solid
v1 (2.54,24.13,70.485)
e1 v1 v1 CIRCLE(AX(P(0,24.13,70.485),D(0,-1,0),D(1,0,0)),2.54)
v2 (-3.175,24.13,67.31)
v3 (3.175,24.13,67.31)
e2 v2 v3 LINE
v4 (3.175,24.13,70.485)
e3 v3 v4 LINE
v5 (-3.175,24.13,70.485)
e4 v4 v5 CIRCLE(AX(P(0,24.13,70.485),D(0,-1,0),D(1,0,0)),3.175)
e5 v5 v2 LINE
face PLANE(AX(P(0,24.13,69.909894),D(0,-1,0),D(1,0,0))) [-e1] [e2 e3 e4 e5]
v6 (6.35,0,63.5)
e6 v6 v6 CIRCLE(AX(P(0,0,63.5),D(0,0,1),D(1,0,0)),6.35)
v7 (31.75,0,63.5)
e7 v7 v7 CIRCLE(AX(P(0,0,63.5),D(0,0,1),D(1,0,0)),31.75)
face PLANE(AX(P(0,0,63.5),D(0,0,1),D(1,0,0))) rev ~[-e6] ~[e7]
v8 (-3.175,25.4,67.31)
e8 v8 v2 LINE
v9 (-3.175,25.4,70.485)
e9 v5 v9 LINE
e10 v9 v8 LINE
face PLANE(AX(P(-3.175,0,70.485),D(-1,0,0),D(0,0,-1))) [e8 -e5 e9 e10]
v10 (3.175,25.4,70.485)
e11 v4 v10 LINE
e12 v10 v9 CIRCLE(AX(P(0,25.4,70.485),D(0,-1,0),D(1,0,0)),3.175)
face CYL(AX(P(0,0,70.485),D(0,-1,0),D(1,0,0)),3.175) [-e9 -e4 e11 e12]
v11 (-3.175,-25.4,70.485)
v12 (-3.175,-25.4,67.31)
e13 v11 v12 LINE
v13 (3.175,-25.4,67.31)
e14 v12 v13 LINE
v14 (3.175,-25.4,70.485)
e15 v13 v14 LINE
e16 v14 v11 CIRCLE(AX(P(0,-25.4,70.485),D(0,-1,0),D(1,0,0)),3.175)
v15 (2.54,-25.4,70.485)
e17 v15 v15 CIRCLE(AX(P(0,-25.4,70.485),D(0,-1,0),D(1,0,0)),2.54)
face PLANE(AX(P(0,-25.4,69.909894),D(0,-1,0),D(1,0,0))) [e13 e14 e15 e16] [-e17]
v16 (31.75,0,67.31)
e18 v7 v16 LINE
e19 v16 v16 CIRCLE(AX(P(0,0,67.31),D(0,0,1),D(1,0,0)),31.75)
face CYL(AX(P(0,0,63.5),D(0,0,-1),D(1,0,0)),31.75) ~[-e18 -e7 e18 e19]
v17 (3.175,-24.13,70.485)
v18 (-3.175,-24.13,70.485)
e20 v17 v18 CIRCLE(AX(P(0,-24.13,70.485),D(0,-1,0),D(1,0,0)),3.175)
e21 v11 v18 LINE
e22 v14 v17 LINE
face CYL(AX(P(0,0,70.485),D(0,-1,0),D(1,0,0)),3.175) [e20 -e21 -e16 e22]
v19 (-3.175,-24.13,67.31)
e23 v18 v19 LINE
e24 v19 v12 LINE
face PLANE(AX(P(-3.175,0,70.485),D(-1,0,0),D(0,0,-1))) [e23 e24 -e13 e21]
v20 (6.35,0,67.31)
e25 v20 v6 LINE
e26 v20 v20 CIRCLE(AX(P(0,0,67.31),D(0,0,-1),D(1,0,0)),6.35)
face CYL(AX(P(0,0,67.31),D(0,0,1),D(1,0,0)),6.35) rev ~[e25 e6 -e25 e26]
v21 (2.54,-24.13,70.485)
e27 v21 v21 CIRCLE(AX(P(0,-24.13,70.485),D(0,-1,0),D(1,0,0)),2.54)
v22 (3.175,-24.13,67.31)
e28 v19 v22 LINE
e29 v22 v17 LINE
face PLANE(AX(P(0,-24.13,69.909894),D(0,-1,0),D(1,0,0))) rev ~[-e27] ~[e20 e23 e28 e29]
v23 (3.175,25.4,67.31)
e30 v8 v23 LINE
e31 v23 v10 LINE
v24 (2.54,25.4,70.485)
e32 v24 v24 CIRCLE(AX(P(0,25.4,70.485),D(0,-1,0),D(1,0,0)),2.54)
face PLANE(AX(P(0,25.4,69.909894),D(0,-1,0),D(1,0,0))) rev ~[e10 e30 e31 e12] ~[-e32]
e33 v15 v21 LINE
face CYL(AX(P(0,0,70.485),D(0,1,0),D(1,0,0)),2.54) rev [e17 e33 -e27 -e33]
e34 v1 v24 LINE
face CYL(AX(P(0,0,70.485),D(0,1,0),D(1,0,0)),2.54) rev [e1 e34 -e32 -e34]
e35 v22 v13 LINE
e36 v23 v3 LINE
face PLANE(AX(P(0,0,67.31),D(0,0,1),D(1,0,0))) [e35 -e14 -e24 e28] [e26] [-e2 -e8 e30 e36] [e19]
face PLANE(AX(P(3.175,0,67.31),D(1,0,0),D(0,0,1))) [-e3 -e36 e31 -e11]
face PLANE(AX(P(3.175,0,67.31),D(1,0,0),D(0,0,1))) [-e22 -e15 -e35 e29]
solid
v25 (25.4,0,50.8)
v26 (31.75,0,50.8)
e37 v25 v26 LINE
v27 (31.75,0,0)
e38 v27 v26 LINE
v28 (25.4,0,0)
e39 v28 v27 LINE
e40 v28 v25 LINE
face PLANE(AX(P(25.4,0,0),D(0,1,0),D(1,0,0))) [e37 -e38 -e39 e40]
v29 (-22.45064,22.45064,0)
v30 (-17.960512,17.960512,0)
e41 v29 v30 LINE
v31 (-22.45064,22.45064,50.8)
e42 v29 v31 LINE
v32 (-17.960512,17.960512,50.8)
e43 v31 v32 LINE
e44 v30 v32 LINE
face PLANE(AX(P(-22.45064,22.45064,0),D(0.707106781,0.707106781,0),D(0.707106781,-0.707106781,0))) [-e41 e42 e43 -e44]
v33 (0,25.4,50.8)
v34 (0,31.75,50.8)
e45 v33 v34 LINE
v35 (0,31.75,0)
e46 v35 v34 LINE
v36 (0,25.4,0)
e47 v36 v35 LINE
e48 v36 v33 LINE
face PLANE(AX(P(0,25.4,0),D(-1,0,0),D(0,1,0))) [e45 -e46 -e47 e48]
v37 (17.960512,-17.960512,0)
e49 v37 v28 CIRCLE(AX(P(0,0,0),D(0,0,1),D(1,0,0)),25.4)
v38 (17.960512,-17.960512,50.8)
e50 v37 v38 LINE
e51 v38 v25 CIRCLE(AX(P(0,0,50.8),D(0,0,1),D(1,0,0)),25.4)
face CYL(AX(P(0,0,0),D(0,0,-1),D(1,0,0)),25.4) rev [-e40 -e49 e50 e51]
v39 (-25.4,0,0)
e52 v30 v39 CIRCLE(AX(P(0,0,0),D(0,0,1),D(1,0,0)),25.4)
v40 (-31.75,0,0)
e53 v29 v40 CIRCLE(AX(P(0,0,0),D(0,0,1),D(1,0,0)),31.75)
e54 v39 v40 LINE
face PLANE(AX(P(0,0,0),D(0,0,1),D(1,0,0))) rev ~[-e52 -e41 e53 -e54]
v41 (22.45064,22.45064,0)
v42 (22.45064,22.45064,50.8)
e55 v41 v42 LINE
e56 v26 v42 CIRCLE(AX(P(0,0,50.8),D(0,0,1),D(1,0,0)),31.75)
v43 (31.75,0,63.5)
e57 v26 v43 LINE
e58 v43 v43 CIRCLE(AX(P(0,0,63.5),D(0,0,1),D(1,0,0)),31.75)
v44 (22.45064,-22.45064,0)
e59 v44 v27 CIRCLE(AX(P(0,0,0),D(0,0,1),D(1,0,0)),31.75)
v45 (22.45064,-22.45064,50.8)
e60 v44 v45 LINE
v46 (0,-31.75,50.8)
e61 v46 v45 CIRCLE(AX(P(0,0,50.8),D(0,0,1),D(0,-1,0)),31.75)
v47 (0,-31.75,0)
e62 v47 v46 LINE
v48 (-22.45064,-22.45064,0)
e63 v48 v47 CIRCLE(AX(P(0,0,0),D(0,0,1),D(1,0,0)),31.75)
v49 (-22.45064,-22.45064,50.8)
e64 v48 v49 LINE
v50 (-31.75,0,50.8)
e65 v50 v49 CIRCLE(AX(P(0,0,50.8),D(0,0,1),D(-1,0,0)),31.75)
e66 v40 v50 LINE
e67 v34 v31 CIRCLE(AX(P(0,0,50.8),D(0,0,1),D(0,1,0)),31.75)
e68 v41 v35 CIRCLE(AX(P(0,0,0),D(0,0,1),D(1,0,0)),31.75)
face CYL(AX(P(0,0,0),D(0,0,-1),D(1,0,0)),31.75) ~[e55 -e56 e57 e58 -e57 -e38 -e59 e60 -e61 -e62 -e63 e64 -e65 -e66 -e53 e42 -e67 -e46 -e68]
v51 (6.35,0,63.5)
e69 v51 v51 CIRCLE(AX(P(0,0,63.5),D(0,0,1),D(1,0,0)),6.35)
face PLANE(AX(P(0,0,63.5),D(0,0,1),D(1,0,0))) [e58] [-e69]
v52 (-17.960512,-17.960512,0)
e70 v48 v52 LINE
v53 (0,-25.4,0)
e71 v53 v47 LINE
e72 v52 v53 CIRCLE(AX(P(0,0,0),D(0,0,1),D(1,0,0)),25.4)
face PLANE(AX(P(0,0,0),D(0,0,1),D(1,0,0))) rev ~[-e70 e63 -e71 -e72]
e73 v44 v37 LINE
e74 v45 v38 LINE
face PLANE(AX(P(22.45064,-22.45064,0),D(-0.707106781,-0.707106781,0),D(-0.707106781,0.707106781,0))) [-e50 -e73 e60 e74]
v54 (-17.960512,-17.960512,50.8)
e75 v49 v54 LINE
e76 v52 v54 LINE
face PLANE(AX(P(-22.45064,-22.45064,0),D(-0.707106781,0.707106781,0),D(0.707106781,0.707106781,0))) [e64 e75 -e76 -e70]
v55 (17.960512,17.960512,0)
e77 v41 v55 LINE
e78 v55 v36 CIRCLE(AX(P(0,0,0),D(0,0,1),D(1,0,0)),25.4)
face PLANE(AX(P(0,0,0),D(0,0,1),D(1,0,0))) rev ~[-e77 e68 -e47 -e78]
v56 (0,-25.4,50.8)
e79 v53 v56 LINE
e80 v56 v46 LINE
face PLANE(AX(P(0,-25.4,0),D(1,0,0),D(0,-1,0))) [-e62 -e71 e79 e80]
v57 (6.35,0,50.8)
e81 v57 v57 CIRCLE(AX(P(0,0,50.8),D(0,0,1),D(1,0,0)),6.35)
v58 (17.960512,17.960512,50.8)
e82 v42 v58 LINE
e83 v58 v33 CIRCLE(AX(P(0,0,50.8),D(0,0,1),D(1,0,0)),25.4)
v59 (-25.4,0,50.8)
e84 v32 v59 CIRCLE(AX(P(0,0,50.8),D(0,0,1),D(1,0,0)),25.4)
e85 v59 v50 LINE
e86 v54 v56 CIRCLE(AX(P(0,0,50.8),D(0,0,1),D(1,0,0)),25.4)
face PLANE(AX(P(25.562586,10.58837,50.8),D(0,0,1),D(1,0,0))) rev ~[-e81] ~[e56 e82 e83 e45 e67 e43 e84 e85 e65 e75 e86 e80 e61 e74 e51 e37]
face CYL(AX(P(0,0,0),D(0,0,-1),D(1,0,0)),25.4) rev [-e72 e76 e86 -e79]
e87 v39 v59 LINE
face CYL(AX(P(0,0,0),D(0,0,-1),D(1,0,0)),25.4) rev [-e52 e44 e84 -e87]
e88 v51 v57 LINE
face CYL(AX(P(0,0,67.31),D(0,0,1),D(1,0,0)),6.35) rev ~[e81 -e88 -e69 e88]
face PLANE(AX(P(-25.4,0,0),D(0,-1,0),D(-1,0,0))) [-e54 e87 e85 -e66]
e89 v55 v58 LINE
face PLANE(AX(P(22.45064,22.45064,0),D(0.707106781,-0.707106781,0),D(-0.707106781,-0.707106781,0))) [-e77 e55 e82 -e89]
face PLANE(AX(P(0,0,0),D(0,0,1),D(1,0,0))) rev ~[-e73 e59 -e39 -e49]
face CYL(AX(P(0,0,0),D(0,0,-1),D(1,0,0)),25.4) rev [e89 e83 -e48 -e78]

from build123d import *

# Parameters (mm, degrees)
F0_R      = 31.75
F1_DEPTH  = 63.5
F2_R      = 25.4
F3_DEPTH  = 50.8
F5_DEPTH  = 50.8
F6_R      = 31.75
F7_DEPTH  = 3.81
F8_R      = 6.35
F9_DEPTH  = 67.311
F10_R     = 6.35
F11_DEPTH = 63.501
F12_R     = 2.54
F13_DEPTH = 25.4
F14_DEPTH = 24.13


with BuildPart() as f1:
    # F0 (on Top) → F1 (new body)
    with BuildSketch(Plane.XY):
        Circle(F0_R)
    extrude(amount=F1_DEPTH)

    # F2 (on Top) → F3 (cut)
    with BuildSketch(Plane.XY):
        Circle(F2_R)
    extrude(amount=F3_DEPTH, mode=Mode.SUBTRACT)

    # F4 (on Top) → F5 (cut)
    with BuildSketch(Plane.XY):
        with BuildLine():
            Line((-22.4506403027, -22.4506403027), (-17.9605122421, -17.9605122421))
            ThreePointArc((-17.9605122421, -17.9605122421), (-23.4665401258, -9.7201591821), (-25.4, 0))
            Line((-25.4, 0), (-31.75, 0))
            ThreePointArc((-31.75, 0), (-29.3331751572, -12.1501989776), (-22.4506403027, -22.4506403027))
        make_face()
        with BuildLine():
            Line((22.4506403027, -22.4506403027), (17.9605122421, -17.9605122421))
            ThreePointArc((17.9605122421, -17.9605122421), (9.7201591821, -23.4665401258), (0, -25.4))
            Line((0, -25.4), (0, -31.75))
            ThreePointArc((0, -31.75), (12.1501989776, -29.3331751572), (22.4506403027, -22.4506403027))
        make_face()
        with BuildLine():
            ThreePointArc((17.9605122421, 17.9605122421), (23.4665401258, 9.7201591821), (25.4, 0))
            Line((25.4, 0), (31.75, 0))
            ThreePointArc((31.75, 0), (29.3331751572, 12.1501989776), (22.4506403027, 22.4506403027))
            Line((22.4506403027, 22.4506403027), (17.9605122421, 17.9605122421))
        make_face()
        with BuildLine():
            ThreePointArc((-17.9605122421, 17.9605122421), (-9.7201591821, 23.4665401258), (0, 25.4))
            Line((0, 25.4), (0, 31.75))
            ThreePointArc((0, 31.75), (-12.1501989776, 29.3331751572), (-22.4506403027, 22.4506403027))
            Line((-22.4506403027, 22.4506403027), (-17.9605122421, 17.9605122421))
        make_face()
    extrude(amount=F5_DEPTH, mode=Mode.SUBTRACT)


with BuildPart() as f7:
    # F6 (on face) → F7 (new body)
    with BuildSketch(Plane.XY.offset(63.5)):
        Circle(F6_R)
    extrude(amount=F7_DEPTH)


with BuildPart() as f9_tool:
    # F8 (on face) → F9 (new body, through all)
    with BuildSketch(Plane.XY.offset(67.31)):
        Circle(F8_R)
    extrude(amount=-F9_DEPTH)


with BuildPart() as f1_1:
    add(f1.part)

    # F9: cut by f9_tool
    add(f9_tool.part, mode=Mode.SUBTRACT)

    # F10 (on face) → F11 (cut, through all)
    with BuildSketch(Plane.XY.offset(63.5)):
        Circle(F10_R)
    extrude(amount=-F11_DEPTH, mode=Mode.SUBTRACT)


with BuildPart() as f7_1:
    add(f7.part)

    # F9: cut by f9_tool
    add(f9_tool.part, mode=Mode.SUBTRACT)

    # F12 (on Front) → F13 (join, symmetric)
    with BuildSketch(Plane.XZ):
        with BuildLine():
            Line((-3.175, 70.485), (-3.175, 67.31))
            Line((-3.175, 67.31), (3.175, 67.31))
            Line((3.175, 67.31), (3.175, 70.485))
            ThreePointArc((3.175, 70.485), (0, 73.66), (-3.175, 70.485))
        make_face()
        with Locations((0, 70.485)):
            Circle(F12_R, mode=Mode.SUBTRACT)
    extrude(amount=F13_DEPTH, both=True)

    # F12 (on Front) → F14 (cut, symmetric)
    with BuildSketch(Plane.XZ):
        with BuildLine():
            Line((-3.175, 70.485), (-3.175, 67.31))
            Line((-3.175, 67.31), (3.175, 67.31))
            Line((3.175, 67.31), (3.175, 70.485))
            ThreePointArc((3.175, 70.485), (0, 73.66), (-3.175, 70.485))
        make_face()
        with Locations((0, 70.485)):
            Circle(F12_R, mode=Mode.SUBTRACT)
    extrude(amount=F14_DEPTH, both=True, mode=Mode.SUBTRACT)


solid = Compound([f1_1.part, f7_1.part])
